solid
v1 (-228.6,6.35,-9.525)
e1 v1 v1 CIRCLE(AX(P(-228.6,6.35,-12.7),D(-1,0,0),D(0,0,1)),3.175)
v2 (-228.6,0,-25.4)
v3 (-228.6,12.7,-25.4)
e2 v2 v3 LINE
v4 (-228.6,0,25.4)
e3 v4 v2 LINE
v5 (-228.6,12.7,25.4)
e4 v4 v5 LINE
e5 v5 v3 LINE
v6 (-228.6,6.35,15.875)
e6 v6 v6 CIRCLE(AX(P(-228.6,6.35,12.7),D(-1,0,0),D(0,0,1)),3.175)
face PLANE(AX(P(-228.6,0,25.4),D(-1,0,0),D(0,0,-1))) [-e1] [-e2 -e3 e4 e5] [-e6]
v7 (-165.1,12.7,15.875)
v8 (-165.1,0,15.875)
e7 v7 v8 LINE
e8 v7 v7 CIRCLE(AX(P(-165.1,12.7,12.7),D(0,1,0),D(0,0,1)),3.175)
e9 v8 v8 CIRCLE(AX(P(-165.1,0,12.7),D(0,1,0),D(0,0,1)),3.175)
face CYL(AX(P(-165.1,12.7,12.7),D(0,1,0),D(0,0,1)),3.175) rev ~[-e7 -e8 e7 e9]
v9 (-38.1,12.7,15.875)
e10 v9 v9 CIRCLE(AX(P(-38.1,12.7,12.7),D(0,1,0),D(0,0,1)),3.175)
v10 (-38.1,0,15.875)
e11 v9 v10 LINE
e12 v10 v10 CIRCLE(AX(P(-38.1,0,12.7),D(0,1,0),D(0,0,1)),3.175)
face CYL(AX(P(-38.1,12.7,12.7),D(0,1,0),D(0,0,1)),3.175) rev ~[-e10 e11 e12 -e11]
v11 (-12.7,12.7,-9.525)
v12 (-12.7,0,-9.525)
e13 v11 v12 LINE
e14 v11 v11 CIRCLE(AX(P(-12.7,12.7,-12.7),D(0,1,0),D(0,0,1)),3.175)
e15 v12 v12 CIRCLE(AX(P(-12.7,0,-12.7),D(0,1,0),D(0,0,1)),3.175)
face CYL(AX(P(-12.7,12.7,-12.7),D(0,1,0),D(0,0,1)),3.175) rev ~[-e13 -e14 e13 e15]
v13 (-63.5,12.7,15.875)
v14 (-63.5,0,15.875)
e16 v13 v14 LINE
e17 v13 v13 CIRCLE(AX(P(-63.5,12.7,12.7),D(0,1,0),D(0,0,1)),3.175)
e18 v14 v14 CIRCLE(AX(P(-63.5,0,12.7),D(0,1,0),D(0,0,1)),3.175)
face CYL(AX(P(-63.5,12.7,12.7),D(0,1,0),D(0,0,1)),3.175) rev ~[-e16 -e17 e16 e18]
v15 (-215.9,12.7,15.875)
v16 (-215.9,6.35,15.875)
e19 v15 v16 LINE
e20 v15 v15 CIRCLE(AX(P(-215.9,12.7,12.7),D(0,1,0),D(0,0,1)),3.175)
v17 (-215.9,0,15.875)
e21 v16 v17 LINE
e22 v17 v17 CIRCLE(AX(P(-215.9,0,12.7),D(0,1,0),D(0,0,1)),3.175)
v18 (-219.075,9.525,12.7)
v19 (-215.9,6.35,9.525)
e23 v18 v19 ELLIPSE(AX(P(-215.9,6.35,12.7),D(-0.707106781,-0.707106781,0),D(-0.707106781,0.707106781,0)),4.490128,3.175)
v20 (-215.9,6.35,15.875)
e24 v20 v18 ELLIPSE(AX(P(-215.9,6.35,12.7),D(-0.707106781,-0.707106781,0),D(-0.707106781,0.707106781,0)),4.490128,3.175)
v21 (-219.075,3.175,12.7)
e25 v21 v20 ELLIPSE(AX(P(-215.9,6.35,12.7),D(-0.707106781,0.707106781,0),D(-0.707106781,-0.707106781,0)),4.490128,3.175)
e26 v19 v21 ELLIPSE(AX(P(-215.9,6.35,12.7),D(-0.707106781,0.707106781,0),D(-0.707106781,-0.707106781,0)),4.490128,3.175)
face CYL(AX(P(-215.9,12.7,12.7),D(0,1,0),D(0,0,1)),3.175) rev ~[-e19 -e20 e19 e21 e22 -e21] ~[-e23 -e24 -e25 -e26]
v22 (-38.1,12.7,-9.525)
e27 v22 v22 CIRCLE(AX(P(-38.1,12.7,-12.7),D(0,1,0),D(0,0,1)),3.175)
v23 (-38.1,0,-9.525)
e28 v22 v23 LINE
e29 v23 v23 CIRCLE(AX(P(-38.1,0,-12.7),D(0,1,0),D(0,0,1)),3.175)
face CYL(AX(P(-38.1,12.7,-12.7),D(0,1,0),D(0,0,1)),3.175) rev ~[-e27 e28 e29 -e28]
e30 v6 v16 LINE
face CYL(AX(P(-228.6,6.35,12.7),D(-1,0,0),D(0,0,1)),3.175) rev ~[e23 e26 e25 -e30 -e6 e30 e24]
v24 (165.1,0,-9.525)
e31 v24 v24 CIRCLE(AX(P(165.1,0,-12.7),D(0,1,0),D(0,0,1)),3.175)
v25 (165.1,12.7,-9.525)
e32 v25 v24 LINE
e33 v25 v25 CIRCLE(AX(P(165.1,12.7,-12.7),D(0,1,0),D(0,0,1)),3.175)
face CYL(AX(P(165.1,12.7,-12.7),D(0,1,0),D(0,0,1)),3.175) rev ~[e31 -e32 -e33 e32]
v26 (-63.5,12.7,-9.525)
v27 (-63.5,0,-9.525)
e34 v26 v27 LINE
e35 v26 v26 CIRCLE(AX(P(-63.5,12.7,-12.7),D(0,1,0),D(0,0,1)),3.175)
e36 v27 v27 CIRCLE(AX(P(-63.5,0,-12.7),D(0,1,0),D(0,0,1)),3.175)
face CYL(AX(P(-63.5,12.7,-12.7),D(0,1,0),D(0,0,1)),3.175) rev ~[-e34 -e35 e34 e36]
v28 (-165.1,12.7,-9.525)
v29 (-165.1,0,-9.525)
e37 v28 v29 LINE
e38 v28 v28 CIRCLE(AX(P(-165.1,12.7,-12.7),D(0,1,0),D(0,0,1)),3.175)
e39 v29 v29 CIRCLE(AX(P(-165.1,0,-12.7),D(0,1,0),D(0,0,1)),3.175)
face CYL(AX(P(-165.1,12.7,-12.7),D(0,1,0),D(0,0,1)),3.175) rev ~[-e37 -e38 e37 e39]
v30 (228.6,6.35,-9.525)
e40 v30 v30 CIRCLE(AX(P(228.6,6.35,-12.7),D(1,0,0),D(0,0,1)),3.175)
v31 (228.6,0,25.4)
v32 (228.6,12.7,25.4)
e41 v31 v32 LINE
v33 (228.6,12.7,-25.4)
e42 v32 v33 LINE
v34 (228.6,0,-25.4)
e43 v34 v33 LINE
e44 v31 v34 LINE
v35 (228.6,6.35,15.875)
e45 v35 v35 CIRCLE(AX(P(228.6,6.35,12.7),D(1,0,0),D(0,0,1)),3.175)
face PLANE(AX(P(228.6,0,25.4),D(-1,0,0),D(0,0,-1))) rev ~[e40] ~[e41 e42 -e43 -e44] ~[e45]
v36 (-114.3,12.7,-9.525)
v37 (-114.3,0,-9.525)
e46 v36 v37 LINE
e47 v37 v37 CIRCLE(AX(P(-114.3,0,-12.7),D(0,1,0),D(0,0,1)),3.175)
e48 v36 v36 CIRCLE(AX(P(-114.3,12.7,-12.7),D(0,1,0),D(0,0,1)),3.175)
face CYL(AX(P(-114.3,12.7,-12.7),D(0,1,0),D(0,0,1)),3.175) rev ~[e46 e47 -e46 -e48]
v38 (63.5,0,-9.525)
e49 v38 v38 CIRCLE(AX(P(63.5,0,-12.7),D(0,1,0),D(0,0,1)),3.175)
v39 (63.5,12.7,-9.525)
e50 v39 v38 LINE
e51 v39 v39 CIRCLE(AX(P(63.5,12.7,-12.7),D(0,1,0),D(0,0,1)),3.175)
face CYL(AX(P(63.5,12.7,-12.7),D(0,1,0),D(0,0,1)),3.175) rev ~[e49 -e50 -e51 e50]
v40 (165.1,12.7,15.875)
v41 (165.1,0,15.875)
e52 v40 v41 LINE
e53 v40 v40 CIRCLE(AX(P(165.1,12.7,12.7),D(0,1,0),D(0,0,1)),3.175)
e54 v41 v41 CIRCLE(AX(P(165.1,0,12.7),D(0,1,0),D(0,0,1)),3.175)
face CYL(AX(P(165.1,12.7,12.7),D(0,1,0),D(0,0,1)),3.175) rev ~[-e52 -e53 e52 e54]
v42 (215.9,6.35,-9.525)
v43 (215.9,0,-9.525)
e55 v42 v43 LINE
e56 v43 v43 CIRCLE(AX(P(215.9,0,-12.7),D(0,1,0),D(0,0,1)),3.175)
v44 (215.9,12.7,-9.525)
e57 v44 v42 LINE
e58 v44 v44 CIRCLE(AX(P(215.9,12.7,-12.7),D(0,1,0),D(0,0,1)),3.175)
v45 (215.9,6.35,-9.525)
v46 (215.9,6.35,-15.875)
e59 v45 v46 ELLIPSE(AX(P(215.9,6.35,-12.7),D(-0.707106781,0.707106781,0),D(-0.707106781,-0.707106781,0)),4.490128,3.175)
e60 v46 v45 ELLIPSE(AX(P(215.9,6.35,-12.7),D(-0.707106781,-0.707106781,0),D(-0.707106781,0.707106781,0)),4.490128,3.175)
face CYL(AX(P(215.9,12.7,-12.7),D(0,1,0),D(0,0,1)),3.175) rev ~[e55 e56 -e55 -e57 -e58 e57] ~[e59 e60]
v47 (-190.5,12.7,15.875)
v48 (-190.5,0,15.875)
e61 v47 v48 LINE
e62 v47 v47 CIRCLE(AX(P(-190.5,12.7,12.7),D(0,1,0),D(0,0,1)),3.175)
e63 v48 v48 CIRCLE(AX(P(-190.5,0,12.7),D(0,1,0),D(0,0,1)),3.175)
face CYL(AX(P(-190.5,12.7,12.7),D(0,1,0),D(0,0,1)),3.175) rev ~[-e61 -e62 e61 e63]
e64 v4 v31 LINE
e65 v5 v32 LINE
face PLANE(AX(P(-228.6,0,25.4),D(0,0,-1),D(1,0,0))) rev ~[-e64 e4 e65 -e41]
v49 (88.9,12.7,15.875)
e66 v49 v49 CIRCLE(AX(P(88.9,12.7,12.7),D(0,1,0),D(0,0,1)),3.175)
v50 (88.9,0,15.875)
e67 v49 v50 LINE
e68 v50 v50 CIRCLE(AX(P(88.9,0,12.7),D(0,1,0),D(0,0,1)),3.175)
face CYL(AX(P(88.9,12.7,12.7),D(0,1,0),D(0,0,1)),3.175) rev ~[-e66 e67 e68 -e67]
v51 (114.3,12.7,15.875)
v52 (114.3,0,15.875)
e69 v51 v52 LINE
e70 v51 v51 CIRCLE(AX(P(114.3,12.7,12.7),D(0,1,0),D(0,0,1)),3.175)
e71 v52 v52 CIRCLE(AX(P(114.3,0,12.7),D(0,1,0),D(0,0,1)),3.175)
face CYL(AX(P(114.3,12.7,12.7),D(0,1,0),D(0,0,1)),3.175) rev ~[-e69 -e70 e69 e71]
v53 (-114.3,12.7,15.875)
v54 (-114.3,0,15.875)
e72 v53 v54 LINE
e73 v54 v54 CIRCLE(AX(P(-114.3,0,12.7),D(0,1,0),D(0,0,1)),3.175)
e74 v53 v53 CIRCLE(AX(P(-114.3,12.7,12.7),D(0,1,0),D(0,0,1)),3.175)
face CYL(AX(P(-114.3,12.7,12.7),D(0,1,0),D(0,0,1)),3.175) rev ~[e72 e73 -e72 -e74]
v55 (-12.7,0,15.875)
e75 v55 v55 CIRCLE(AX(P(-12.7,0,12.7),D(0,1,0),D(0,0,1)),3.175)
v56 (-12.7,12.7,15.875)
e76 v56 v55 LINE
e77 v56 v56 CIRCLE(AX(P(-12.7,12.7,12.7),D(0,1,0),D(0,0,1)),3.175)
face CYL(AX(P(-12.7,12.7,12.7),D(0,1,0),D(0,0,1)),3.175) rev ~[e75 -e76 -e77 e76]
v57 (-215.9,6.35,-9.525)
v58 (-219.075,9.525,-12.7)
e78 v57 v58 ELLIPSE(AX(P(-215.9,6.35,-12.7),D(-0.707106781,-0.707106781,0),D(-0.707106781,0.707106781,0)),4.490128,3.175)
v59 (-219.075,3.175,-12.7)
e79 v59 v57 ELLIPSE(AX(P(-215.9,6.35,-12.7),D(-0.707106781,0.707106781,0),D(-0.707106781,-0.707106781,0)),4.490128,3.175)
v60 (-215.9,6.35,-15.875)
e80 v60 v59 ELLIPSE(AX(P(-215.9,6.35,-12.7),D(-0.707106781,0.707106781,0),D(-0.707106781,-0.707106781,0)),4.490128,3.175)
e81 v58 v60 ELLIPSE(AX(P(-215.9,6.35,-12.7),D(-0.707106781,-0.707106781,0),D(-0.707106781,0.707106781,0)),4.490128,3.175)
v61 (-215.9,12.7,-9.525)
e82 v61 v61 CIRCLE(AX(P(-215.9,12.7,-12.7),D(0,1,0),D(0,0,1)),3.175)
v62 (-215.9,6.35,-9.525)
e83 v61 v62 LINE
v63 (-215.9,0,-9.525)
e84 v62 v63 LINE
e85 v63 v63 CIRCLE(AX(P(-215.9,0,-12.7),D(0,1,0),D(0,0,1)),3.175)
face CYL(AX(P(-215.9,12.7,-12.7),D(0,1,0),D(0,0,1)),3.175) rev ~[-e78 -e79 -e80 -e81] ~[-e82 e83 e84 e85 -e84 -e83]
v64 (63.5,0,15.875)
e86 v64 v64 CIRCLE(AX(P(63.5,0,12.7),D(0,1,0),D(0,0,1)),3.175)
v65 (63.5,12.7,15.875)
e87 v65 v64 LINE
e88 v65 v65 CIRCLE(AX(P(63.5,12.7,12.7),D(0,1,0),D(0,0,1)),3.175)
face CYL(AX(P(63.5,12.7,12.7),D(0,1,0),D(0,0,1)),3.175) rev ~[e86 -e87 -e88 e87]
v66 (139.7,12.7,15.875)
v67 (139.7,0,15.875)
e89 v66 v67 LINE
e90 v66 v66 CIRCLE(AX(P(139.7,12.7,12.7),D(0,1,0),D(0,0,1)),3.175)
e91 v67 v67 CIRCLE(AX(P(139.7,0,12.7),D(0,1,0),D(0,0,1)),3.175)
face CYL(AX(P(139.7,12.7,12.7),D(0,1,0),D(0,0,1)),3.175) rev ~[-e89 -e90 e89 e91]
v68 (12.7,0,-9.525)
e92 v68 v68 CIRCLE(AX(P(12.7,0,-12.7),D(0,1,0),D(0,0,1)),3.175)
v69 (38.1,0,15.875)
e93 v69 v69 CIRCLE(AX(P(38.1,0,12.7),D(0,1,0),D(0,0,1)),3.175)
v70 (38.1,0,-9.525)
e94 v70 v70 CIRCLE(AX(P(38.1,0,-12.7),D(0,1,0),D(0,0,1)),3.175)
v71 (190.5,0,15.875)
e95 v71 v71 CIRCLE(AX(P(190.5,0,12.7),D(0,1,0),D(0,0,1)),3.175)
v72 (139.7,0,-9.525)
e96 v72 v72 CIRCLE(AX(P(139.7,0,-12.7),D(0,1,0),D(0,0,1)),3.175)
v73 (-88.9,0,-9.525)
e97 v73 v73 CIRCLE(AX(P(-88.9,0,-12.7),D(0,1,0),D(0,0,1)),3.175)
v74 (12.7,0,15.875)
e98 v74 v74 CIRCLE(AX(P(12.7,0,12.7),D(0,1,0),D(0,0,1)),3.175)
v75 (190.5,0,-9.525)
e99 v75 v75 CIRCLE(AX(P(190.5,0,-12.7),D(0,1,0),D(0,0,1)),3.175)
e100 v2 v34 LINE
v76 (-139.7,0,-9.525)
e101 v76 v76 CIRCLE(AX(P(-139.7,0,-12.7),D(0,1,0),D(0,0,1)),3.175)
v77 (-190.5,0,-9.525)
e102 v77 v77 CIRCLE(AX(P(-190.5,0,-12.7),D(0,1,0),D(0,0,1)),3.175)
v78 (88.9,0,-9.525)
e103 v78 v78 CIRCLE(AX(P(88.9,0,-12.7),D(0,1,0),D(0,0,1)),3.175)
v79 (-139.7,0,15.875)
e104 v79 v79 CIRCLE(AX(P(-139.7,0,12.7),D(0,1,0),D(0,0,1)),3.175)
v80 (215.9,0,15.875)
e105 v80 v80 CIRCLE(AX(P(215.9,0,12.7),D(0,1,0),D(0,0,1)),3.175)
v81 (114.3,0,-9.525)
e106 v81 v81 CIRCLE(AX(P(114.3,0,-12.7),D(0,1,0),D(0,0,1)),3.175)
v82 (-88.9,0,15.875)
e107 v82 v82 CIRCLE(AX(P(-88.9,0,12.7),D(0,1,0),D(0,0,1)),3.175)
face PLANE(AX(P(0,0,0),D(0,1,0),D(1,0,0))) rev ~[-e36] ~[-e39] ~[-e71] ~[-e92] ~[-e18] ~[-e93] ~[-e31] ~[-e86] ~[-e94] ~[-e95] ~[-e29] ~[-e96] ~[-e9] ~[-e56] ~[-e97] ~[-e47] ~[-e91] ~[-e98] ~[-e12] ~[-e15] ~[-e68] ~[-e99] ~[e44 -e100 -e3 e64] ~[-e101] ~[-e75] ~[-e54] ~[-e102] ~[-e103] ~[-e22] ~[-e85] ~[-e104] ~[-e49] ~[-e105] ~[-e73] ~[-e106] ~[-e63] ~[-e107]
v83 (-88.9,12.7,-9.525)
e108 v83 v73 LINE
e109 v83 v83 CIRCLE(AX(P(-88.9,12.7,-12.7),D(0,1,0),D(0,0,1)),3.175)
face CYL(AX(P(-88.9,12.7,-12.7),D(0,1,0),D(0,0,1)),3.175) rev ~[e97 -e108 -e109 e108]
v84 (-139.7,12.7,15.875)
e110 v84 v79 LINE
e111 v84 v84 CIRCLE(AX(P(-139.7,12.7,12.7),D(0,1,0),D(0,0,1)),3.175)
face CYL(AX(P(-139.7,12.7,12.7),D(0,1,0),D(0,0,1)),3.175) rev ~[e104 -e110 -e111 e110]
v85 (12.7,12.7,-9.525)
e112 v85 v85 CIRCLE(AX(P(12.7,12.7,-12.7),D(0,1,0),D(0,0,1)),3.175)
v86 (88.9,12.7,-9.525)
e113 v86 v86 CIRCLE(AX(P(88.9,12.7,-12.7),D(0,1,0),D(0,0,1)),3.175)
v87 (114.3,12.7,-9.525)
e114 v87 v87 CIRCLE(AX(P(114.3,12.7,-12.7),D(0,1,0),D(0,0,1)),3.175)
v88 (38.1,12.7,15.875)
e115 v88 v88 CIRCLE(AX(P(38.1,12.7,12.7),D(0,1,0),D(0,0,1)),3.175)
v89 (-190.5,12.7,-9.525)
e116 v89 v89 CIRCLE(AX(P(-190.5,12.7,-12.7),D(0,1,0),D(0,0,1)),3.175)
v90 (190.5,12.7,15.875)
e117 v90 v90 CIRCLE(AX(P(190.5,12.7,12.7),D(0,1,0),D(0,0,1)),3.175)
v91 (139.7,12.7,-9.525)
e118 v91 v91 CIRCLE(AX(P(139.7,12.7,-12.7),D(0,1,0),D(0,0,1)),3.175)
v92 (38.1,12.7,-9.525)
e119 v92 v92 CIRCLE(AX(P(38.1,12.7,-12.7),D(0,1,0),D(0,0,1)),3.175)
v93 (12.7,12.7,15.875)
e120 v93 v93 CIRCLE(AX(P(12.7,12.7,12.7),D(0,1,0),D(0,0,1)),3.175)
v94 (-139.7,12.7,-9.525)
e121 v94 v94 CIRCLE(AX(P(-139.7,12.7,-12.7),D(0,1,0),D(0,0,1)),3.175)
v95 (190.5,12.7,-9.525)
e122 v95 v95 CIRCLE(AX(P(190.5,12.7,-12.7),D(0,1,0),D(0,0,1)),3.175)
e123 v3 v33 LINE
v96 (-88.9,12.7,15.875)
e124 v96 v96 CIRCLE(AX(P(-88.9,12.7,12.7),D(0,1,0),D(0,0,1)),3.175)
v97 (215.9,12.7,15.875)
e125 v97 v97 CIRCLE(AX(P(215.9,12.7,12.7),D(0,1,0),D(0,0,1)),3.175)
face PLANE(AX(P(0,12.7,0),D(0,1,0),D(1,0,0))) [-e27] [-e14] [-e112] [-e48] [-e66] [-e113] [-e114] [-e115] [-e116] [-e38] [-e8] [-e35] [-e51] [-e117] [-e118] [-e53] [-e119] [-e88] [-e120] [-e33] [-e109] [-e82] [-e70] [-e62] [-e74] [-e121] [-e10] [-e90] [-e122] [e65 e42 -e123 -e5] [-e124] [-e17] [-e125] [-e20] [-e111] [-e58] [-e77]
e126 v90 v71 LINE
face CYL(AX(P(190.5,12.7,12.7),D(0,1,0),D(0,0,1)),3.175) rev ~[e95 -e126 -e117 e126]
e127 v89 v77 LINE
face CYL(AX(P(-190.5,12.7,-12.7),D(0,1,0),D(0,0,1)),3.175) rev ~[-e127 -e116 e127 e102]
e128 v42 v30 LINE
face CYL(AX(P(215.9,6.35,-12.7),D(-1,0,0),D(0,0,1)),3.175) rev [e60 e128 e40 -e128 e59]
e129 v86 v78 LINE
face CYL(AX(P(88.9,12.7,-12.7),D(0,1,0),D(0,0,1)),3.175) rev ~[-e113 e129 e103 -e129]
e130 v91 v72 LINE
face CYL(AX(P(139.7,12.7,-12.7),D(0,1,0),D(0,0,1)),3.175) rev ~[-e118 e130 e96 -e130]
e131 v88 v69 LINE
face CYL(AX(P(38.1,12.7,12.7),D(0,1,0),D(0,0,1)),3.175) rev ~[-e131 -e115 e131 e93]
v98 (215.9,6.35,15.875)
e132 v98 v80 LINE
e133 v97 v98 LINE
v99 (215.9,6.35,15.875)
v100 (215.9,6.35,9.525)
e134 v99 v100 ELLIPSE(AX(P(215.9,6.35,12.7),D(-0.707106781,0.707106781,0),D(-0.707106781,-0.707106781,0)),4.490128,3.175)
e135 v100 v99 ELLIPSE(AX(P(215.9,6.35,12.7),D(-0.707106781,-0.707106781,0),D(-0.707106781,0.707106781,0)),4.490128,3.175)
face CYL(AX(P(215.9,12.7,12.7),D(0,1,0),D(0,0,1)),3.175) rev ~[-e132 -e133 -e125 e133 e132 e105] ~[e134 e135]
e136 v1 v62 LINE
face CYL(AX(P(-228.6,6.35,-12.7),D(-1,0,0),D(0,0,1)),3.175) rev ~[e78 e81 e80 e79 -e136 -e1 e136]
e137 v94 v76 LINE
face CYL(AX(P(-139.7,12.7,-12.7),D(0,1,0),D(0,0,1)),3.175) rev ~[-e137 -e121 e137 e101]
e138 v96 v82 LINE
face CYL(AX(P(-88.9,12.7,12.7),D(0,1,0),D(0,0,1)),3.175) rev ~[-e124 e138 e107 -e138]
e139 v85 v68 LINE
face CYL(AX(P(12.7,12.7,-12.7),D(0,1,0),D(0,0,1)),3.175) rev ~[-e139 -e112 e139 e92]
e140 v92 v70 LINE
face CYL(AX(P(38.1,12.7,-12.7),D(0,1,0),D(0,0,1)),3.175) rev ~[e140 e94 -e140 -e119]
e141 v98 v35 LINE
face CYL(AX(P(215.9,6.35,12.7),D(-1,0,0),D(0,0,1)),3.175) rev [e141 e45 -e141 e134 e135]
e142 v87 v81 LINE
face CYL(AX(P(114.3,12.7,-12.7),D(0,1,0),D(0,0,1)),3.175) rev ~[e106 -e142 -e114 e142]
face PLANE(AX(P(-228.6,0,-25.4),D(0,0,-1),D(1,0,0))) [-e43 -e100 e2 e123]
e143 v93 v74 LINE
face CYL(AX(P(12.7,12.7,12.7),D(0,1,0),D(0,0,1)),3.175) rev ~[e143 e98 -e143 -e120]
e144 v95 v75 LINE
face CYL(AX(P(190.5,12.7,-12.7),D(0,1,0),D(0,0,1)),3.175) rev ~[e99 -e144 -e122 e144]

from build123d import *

# Parameters (mm, degrees)
SKETCH1_W           = 457.19999999999993
SKETCH1_H           = 50.79999999999999
BOSS_EXTRUDE1_DEPTH = 12.7
SKETCH2_R           = 3.1750000000000016
CUT_EXTRUDE1_DEPTH  = 12.7
CUT_EXTRUDE2_START  = -12.7
SKETCH3_R           = 3.1750000000000016
CUT_EXTRUDE2_DEPTH  = 12.7
SKETCH4_R           = 3.1749999999999963
SKETCH4_R_2         = 3.1749999999999674
SKETCH4_R_3         = 3.174999999999969
SKETCH4_R_4         = 3.1749999999999976
SKETCH4_R_5         = 3.17499999999997
CUT_EXTRUDE3_DEPTH  = 231.3571357696566


with BuildPart() as part:
    # Sketch1 → Boss-Extrude1 (new body)
    with BuildSketch(Plane(origin=(0, 0, 0), x_dir=(1, 0, 0), z_dir=(0, 1, 0))):
        Rectangle(SKETCH1_W, SKETCH1_H)
    extrude(amount=BOSS_EXTRUDE1_DEPTH)

    # Sketch2 → Cut-Extrude1 (cut)
    with BuildSketch(Plane.ZY.offset(228.6)):
        with Locations((-12.699999999999996, 6.35)):
            Circle(SKETCH2_R)
        with Locations((12.700000000000003, 6.35)):
            Circle(SKETCH2_R)
    extrude(amount=-CUT_EXTRUDE1_DEPTH, mode=Mode.SUBTRACT)

    # Sketch3 → Cut-Extrude2 (cut)
    with BuildSketch(Plane(origin=(228.6, 0, 0), x_dir=(0, 0, -1), z_dir=(1, 0, 0)).offset(CUT_EXTRUDE2_START)):
        with Locations(Location((-12.699999999999996, 6.35, 0), (0, 0, 180))):
            Circle(SKETCH3_R)
        with Locations(Location((12.700000000000003, 6.35, 0), (0, 0, 180))):
            Circle(SKETCH3_R)
    extrude(amount=CUT_EXTRUDE2_DEPTH, mode=Mode.SUBTRACT)

    # Sketch4 → Cut-Extrude3 (cut, through all)
    with BuildSketch(Plane(origin=(0, 12.7, 0), x_dir=(1, 0, 0), z_dir=(0, 1, 0))):
        with Locations(Location((-215.9, 12.699999999999996, 0), (0, 0, 270))):
            Circle(SKETCH4_R)
        with Locations(Location((-190.50000000000003, 12.699999999999996, 0), (0, 0, 270))):
            Circle(SKETCH4_R)
        with Locations(Location((-165.10000000000005, 12.699999999999996, 0), (0, 0, 270))):
            Circle(SKETCH4_R_2)
        with Locations(Location((-139.7000000000001, 12.699999999999996, 0), (0, 0, 270))):
            Circle(SKETCH4_R_2)
        with Locations(Location((-114.30000000000011, 12.699999999999996, 0), (0, 0, 270))):
            Circle(SKETCH4_R_3)
        with Locations(Location((-88.90000000000015, 12.699999999999996, 0), (0, 0, 270))):
            Circle(SKETCH4_R_3)
        with Locations(Location((-63.50000000000017, 12.699999999999996, 0), (0, 0, 270))):
            Circle(SKETCH4_R_3)
        with Locations(Location((-38.100000000000186, 12.699999999999996, 0), (0, 0, 270))):
            Circle(SKETCH4_R_3)
        with Locations(Location((-12.70000000000021, 12.699999999999996, 0), (0, 0, 270))):
            Circle(SKETCH4_R_3)
        with Locations(Location((12.699999999999767, 12.699999999999996, 0), (0, 0, 270))):
            Circle(SKETCH4_R_3)
        with Locations(Location((38.09999999999972, 12.699999999999996, 0), (0, 0, 270))):
            Circle(SKETCH4_R_3)
        with Locations(Location((63.499999999999694, 12.699999999999996, 0), (0, 0, 270))):
            Circle(SKETCH4_R_3)
        with Locations(Location((88.89999999999968, 12.699999999999996, 0), (0, 0, 270))):
            Circle(SKETCH4_R_4)
        with Locations(Location((114.29999999999966, 12.699999999999996, 0), (0, 0, 270))):
            Circle(SKETCH4_R_4)
        with Locations(Location((139.69999999999962, 12.699999999999996, 0), (0, 0, 270))):
            Circle(SKETCH4_R)
        with Locations(Location((165.0999999999996, 12.699999999999996, 0), (0, 0, 270))):
            Circle(SKETCH4_R)
        with Locations(Location((190.49999999999957, 12.699999999999996, 0), (0, 0, 270))):
            Circle(SKETCH4_R)
        with Locations(Location((215.89999999999955, 12.699999999999996, 0), (0, 0, 270))):
            Circle(SKETCH4_R)
        with Locations((241.29999999999956, 12.699999999999996)):
            Circle(SKETCH4_R)
        with Locations((266.6999999999995, 12.699999999999996)):
            Circle(SKETCH4_R_5)
        with Locations((292.09999999999945, 12.699999999999996)):
            Circle(SKETCH4_R_5)
        with Locations((317.49999999999943, 12.699999999999996)):
            Circle(SKETCH4_R_5)
        with Locations((342.8999999999994, 12.699999999999996)):
            Circle(SKETCH4_R_5)
        with Locations((368.2999999999994, 12.699999999999996)):
            Circle(SKETCH4_R_5)
        with Locations(Location((-190.49999999999977, -12.700000000000003, 0), (0, 0, 270))):
            Circle(SKETCH4_R_5)
        with Locations(Location((-165.0999999999998, -12.700000000000003, 0), (0, 0, 270))):
            Circle(SKETCH4_R_2)
        with Locations(Location((-139.69999999999982, -12.700000000000003, 0), (0, 0, 270))):
            Circle(SKETCH4_R_2)
        with Locations(Location((-114.29999999999984, -12.700000000000003, 0), (0, 0, 270))):
            Circle(SKETCH4_R_3)
        with Locations(Location((-88.89999999999986, -12.700000000000003, 0), (0, 0, 270))):
            Circle(SKETCH4_R_3)
        with Locations(Location((-63.499999999999886, -12.700000000000003, 0), (0, 0, 270))):
            Circle(SKETCH4_R_3)
        with Locations(Location((-38.09999999999991, -12.700000000000003, 0), (0, 0, 270))):
            Circle(SKETCH4_R_3)
        with Locations(Location((-12.699999999999934, -12.700000000000003, 0), (0, 0, 270))):
            Circle(SKETCH4_R_3)
        with Locations(Location((12.700000000000045, -12.700000000000003, 0), (0, 0, 270))):
            Circle(SKETCH4_R_3)
        with Locations(Location((38.099999999999994, -12.700000000000003, 0), (0, 0, 270))):
            Circle(SKETCH4_R_3)
        with Locations(Location((63.49999999999997, -12.700000000000003, 0), (0, 0, 270))):
            Circle(SKETCH4_R_3)
        with Locations(Location((88.89999999999995, -12.700000000000003, 0), (0, 0, 270))):
            Circle(SKETCH4_R_4)
        with Locations(Location((114.29999999999993, -12.700000000000003, 0), (0, 0, 270))):
            Circle(SKETCH4_R_4)
        with Locations(Location((139.6999999999999, -12.700000000000003, 0), (0, 0, 270))):
            Circle(SKETCH4_R)
        with Locations(Location((165.09999999999988, -12.700000000000003, 0), (0, 0, 270))):
            Circle(SKETCH4_R)
        with Locations(Location((190.49999999999986, -12.700000000000003, 0), (0, 0, 270))):
            Circle(SKETCH4_R)
        with Locations(Location((215.89999999999984, -12.700000000000003, 0), (0, 0, 270))):
            Circle(SKETCH4_R)
        with Locations((241.2999999999998, -12.700000000000003)):
            Circle(SKETCH4_R)
        with Locations((266.6999999999998, -12.700000000000003)):
            Circle(SKETCH4_R_5)
        with Locations((292.0999999999997, -12.700000000000003)):
            Circle(SKETCH4_R_5)
        with Locations((317.49999999999966, -12.700000000000003)):
            Circle(SKETCH4_R_5)
        with Locations((342.89999999999964, -12.700000000000003)):
            Circle(SKETCH4_R_5)
        with Locations((368.2999999999996, -12.700000000000003)):
            Circle(SKETCH4_R_5)
        with Locations(Location((-215.89999999999972, -12.700000000000003, 0), (0, 0, 270))):
            Circle(SKETCH4_R)
    extrude(amount=-CUT_EXTRUDE3_DEPTH, mode=Mode.SUBTRACT)


solid = part.part
